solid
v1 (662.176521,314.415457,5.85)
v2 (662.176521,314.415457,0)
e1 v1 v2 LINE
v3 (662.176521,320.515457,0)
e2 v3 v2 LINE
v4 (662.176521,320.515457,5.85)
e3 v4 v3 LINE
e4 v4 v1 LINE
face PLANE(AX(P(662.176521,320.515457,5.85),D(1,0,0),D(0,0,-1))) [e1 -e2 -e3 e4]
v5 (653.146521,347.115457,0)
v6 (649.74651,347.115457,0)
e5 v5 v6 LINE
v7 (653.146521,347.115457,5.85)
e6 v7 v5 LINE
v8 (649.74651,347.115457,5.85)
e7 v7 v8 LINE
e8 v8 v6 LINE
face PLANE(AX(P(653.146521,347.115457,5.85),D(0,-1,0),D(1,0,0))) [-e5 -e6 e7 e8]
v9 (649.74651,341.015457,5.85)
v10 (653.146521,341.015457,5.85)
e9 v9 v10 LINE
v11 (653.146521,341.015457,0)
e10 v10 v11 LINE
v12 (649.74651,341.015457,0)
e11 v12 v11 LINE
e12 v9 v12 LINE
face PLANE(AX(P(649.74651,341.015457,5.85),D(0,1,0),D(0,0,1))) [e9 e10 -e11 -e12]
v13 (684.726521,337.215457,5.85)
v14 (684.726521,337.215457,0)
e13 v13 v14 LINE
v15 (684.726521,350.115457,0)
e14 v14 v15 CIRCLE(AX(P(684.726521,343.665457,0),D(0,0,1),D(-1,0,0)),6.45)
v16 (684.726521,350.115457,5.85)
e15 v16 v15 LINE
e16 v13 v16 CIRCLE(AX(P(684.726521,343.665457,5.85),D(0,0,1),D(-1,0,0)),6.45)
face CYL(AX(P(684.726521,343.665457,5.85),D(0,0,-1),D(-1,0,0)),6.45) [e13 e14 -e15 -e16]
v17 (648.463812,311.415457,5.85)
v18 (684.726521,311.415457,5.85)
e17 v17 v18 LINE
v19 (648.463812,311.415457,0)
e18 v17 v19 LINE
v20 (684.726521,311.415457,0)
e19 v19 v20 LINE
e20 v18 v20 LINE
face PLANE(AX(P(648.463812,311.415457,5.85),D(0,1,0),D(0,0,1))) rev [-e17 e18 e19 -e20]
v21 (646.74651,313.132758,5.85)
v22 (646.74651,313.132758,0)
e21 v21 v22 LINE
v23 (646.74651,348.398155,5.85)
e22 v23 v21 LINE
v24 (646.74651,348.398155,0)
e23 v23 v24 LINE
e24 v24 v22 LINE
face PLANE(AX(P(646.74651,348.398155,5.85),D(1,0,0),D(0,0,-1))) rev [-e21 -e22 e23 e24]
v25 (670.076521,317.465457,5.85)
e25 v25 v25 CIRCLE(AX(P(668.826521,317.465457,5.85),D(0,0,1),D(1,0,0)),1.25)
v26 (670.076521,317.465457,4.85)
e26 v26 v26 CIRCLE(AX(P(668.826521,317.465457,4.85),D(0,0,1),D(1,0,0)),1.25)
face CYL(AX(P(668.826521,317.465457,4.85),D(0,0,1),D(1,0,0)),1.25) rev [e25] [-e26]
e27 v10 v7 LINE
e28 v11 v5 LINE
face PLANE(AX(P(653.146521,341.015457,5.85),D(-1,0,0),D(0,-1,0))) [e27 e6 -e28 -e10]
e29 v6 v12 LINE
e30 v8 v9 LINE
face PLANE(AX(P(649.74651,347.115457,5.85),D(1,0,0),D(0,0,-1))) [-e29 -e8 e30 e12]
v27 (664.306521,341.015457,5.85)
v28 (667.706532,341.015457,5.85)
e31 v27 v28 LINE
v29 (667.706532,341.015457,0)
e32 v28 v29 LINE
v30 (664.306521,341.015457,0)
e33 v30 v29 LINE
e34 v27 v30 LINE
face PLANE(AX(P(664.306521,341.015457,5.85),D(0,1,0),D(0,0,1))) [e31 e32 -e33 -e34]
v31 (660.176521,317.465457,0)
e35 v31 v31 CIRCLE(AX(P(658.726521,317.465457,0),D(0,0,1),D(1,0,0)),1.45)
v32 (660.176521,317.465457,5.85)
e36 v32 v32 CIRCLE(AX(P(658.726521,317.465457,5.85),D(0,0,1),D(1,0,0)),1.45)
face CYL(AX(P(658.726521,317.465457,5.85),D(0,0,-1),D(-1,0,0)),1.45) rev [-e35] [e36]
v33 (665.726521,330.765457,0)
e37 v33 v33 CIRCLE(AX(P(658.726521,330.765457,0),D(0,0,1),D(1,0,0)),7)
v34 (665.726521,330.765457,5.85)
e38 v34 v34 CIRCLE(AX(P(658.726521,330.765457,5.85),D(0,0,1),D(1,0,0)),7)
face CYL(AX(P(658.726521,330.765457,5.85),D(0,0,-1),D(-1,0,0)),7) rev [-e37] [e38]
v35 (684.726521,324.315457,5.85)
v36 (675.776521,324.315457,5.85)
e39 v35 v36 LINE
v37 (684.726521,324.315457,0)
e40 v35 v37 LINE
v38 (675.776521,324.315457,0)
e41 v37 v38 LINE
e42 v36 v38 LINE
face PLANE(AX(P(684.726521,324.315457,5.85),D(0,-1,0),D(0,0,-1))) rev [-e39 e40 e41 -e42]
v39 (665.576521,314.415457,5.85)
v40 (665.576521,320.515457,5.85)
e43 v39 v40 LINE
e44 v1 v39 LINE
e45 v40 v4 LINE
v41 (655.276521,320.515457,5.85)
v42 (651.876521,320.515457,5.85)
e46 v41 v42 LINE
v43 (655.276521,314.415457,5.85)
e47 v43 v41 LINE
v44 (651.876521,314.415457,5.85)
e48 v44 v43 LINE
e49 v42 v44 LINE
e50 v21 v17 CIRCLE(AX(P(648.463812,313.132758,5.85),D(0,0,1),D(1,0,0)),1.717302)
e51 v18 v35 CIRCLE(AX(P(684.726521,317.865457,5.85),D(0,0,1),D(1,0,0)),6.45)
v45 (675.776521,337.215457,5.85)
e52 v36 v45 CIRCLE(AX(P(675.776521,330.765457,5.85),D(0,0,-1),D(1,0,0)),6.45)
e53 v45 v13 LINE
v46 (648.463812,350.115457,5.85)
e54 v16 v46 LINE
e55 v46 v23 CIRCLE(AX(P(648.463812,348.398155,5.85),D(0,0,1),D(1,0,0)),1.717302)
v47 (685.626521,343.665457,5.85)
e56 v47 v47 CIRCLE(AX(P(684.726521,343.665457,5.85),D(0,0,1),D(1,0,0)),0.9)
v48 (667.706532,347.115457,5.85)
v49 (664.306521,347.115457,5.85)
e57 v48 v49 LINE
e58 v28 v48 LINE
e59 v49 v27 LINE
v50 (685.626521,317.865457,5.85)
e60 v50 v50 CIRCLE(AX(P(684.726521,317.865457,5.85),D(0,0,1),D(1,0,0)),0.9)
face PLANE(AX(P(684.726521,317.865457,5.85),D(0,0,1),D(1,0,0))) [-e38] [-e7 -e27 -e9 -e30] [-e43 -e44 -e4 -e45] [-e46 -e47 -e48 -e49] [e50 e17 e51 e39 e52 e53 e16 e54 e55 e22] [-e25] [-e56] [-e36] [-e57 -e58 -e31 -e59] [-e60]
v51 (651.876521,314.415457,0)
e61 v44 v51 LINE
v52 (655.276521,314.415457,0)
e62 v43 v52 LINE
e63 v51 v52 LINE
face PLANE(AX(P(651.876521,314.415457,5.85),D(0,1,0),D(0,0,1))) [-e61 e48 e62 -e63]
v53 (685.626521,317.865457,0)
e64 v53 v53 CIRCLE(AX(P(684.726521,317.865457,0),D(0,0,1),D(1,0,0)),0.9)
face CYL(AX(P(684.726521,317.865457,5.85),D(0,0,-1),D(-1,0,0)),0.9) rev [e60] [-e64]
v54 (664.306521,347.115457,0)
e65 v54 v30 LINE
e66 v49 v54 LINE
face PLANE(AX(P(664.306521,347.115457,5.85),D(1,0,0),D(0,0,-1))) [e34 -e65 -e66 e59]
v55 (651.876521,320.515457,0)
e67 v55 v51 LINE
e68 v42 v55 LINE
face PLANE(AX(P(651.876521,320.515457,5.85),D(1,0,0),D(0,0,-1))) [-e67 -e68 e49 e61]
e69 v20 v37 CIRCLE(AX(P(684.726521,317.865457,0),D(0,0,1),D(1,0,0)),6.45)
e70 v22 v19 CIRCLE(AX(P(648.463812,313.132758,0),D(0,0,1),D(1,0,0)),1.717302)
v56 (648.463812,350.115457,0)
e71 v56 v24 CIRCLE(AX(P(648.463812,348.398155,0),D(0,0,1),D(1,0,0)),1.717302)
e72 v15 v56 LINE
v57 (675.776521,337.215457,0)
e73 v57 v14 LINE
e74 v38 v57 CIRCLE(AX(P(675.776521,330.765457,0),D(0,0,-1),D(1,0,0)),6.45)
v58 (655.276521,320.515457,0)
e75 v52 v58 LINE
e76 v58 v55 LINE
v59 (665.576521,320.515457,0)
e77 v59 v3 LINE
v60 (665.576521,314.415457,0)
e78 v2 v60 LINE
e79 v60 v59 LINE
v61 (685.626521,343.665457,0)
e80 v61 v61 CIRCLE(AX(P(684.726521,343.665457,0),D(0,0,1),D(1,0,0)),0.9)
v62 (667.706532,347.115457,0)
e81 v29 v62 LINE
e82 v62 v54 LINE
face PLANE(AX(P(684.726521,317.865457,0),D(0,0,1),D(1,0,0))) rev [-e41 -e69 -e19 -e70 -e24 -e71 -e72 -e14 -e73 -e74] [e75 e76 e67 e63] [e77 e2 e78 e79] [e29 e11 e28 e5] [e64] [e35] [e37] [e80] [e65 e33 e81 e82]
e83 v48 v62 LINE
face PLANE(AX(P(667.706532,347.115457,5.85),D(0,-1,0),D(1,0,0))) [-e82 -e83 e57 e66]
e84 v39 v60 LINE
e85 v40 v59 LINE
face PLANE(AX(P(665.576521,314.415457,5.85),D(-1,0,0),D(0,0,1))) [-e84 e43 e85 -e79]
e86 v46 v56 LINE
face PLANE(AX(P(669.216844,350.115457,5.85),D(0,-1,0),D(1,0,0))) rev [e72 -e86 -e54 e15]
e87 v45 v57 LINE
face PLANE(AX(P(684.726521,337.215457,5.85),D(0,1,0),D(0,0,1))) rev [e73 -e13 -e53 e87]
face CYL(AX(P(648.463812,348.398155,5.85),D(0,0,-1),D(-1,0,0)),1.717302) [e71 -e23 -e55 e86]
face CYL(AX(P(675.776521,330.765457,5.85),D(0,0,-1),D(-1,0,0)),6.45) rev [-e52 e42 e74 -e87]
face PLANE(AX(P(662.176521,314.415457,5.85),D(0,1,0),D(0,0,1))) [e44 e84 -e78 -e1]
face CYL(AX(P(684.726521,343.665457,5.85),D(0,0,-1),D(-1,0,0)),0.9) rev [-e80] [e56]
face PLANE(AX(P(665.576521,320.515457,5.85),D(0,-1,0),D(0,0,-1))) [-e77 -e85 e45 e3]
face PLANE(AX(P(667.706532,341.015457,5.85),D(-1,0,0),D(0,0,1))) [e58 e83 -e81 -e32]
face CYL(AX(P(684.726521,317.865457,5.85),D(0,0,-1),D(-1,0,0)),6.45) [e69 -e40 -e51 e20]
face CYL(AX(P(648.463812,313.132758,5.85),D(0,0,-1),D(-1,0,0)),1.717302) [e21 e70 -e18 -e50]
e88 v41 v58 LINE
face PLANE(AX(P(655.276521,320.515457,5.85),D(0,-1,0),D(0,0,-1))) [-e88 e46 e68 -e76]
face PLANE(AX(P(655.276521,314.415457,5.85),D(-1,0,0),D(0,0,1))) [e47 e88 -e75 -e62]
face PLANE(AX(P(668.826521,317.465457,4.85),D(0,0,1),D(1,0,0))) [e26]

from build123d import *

# Parameters (mm, degrees)
SKETCH1_R           = 0.9
SKETCH1_R_2         = 1.45
SKETCH1_R_3         = 7
SKETCH1_W           = 3.400011
SKETCH1_H           = 6.1
SKETCH1_W_2         = 3.4
BOSS_EXTRUDE2_DEPTH = 5.85
SKETCH2_R           = 1.25
CUT_EXTRUDE1_DEPTH  = 1


with BuildPart() as part:
    # Sketch1 → Boss-Extrude2 (new body)
    with BuildSketch(Plane.XY):
        with BuildLine():
            Line((669.21684417, 350.11545661), (648.4638119, 350.11545661))
            ThreePointArc((648.4638119, 350.11545661), (647.249496344, 349.612470637), (646.746510371, 348.398155081))
            Line((646.746510371, 348.398155081), (646.746510371, 313.132758138))
            ThreePointArc((646.746510371, 313.132758138), (647.249496344, 311.918442582), (648.4638119, 311.41545661))
            Line((648.4638119, 311.41545661), (669.21684417, 311.41545661))
            Line((669.21684417, 311.41545661), (684.726521371, 311.41545661))
            ThreePointArc((684.726521371, 311.41545661), (691.176521371, 317.86545661), (684.726521371, 324.31545661))
            Line((684.726521371, 324.31545661), (675.776521371, 324.31545661))
            ThreePointArc((675.776521371, 324.31545661), (669.326521371, 330.76545661), (675.776521371, 337.21545661))
            Line((675.776521371, 337.21545661), (684.726521371, 337.21545661))
            ThreePointArc((684.726521371, 337.21545661), (691.176521371, 343.66545661), (684.726521371, 350.11545661))
            Line((684.726521371, 350.11545661), (669.21684417, 350.11545661))
        make_face()
        with Locations((684.726521371, 343.66545661)):
            Circle(SKETCH1_R, mode=Mode.SUBTRACT)
        with Locations((684.726521371, 317.86545661)):
            Circle(SKETCH1_R, mode=Mode.SUBTRACT)
        with Locations((658.726521371, 317.46545661)):
            Circle(SKETCH1_R_2, mode=Mode.SUBTRACT)
        with Locations((658.726521371, 330.76545661)):
            Circle(SKETCH1_R_3, mode=Mode.SUBTRACT)
        with Locations((651.446515871, 344.06545661)):
            Rectangle(SKETCH1_W, SKETCH1_H, mode=Mode.SUBTRACT)
        with Locations((653.576521371, 317.46545661)):
            Rectangle(SKETCH1_W_2, SKETCH1_H, mode=Mode.SUBTRACT)
        with Locations((666.006526871, 344.06545661)):
            Rectangle(SKETCH1_W, SKETCH1_H, mode=Mode.SUBTRACT)
        with Locations((663.876521371, 317.46545661)):
            Rectangle(SKETCH1_W_2, SKETCH1_H, mode=Mode.SUBTRACT)
    extrude(amount=BOSS_EXTRUDE2_DEPTH)

    # Sketch2 → Cut-Extrude1 (cut)
    with BuildSketch(Plane.XY.offset(5.85)):
        with Locations((668.826521371, 317.46545661)):
            Circle(SKETCH2_R)
    extrude(amount=-CUT_EXTRUDE1_DEPTH, mode=Mode.SUBTRACT)


solid = part.part
